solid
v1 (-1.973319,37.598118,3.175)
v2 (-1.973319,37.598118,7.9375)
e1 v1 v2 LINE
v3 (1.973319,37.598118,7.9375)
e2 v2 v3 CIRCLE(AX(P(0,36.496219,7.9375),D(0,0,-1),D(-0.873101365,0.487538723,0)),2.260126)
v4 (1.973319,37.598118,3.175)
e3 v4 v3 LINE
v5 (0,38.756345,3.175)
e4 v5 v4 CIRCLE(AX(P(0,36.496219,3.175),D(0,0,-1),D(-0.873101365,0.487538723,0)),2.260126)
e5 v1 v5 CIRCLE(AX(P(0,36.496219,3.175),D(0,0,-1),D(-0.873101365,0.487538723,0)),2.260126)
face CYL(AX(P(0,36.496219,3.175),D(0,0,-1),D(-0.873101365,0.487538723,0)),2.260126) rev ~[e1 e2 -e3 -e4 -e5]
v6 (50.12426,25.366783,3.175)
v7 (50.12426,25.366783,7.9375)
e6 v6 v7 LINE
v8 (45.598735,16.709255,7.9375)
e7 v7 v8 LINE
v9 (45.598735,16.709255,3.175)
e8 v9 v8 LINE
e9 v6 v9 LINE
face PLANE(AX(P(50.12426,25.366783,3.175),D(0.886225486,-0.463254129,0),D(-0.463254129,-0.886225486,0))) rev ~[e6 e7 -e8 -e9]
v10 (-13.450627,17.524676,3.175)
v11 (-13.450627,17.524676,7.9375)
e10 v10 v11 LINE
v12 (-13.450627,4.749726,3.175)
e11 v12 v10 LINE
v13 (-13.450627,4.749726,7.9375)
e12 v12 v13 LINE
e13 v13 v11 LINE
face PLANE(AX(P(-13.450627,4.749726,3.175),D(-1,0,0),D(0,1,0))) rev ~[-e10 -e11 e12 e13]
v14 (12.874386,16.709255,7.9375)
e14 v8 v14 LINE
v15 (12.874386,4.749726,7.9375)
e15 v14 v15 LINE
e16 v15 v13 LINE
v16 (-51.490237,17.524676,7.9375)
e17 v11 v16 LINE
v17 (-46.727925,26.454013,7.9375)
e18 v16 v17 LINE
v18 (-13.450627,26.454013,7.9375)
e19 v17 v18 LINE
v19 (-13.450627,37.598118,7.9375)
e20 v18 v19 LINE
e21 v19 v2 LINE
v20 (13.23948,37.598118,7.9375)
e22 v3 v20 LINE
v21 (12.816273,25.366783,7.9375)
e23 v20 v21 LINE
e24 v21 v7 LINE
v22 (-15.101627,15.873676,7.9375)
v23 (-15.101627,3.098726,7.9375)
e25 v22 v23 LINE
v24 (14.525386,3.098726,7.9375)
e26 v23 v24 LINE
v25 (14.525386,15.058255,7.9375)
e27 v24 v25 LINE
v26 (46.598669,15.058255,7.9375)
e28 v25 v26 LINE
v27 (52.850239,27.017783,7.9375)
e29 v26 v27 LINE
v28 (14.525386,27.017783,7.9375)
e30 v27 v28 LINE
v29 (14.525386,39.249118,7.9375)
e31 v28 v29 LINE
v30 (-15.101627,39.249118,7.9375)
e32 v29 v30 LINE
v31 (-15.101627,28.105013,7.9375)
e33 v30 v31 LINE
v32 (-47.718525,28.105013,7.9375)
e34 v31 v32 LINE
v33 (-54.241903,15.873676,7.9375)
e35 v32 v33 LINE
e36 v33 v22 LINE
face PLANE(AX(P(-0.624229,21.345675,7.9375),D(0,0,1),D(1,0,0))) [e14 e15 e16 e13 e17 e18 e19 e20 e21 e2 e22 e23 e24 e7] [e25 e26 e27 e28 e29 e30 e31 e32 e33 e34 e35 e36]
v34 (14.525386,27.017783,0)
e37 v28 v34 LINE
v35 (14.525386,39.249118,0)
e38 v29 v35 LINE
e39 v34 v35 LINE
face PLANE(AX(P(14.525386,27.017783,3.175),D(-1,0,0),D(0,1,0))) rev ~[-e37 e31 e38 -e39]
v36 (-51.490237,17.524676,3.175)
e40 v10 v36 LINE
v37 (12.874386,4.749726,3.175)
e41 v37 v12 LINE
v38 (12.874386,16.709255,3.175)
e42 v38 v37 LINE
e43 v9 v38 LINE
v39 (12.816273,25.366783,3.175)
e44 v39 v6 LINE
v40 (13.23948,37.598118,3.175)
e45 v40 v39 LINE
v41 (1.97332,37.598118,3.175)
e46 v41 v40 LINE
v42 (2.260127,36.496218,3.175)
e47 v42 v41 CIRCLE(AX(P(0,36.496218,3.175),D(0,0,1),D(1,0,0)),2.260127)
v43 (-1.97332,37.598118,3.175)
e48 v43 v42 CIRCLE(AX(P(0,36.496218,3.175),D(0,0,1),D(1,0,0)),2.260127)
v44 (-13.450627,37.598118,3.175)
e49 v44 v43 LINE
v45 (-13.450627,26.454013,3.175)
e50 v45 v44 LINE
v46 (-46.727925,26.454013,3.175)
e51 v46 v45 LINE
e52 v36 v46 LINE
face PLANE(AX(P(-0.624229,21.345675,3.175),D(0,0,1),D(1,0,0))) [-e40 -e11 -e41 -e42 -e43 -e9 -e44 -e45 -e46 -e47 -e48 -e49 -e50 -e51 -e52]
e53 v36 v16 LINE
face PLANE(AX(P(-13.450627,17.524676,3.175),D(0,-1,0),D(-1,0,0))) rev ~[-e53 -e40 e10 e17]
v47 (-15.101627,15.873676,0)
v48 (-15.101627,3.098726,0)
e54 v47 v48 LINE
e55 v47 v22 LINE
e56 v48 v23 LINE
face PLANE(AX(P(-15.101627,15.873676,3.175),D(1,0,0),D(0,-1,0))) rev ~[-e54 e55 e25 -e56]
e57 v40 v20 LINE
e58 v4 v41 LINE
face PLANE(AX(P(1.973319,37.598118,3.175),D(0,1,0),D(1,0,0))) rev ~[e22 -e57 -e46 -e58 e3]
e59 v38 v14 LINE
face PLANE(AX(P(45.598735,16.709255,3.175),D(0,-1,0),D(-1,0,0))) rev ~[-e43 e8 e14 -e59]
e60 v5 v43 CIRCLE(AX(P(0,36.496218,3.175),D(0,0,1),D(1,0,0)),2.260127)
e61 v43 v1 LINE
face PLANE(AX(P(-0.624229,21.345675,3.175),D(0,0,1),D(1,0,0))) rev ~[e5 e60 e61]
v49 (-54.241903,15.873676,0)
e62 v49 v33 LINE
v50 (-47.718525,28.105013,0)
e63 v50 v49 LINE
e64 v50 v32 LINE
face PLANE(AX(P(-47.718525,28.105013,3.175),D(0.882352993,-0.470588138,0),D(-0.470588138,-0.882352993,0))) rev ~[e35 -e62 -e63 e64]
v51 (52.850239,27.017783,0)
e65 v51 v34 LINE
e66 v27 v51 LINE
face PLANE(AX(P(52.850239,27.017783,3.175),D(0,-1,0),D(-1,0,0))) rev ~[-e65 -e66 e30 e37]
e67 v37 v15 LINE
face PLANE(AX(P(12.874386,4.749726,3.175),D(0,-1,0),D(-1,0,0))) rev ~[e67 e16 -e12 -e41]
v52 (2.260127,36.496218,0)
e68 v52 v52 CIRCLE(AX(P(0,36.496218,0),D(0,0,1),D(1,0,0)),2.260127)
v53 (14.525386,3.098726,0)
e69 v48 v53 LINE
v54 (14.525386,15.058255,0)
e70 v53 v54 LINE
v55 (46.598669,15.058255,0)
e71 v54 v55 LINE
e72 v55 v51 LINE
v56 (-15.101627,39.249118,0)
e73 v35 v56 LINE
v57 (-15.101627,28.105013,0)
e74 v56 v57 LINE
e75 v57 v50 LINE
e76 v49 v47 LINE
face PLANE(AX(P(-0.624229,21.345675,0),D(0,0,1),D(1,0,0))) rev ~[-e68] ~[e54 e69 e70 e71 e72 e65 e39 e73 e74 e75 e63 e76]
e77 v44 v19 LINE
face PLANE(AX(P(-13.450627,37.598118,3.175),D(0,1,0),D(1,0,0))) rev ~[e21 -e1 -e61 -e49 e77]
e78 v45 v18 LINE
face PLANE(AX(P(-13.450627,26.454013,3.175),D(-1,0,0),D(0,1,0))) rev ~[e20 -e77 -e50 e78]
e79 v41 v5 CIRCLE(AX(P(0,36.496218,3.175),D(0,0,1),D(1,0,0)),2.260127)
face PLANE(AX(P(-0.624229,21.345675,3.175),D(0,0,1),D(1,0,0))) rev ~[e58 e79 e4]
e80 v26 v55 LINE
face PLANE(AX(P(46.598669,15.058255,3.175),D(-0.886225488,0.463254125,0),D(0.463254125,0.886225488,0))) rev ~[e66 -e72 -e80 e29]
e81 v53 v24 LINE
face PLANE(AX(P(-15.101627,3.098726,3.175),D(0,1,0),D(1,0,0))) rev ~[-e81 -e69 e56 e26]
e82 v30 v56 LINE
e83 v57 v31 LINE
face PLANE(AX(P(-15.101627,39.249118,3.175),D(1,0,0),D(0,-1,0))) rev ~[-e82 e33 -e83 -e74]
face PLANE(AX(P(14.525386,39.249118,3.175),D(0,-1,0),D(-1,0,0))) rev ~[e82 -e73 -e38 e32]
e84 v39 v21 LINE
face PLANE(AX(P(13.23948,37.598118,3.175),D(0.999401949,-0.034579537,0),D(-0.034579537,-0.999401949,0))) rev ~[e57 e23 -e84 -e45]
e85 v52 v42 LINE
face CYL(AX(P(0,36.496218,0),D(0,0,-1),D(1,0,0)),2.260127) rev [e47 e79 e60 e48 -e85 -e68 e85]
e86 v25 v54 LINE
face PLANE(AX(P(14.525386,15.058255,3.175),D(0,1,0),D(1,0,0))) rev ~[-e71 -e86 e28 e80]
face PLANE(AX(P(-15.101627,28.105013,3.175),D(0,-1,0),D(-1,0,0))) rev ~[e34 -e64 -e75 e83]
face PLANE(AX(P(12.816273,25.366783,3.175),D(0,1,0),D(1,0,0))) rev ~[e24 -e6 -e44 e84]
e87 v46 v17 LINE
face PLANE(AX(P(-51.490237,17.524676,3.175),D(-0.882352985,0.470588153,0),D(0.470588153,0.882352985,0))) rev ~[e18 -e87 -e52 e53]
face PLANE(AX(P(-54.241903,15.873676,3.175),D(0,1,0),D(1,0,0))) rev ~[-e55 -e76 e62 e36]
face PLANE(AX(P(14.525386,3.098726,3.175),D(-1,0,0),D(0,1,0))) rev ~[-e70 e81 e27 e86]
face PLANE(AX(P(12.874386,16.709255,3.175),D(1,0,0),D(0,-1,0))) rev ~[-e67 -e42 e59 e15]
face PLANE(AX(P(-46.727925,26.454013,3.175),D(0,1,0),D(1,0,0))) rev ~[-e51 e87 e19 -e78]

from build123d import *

# Parameters (mm, degrees)
F0_R     = 2.260127
F1_DEPTH = 3.175
F3_DEPTH = 4.7625


with BuildPart() as f1:
    # F0 (on Top) → F1 (new body)
    with BuildSketch(Plane.XY):
        Polygon((14.525386, 39.249118), (-15.101627, 39.249118), (-15.101627, 28.105013), (-47.718525, 28.105013), (-54.241903, 15.873676), (-15.101627, 15.873676), (-15.101627, 3.098726), (14.525386, 3.098726), (14.525386, 15.058255), (46.598669, 15.058255), (52.850239, 27.017783), (14.525386, 27.017783), align=None)
        with Locations((0, 36.496218)):
            Circle(F0_R, mode=Mode.SUBTRACT)
    extrude(amount=F1_DEPTH)

    # F2 (on face) → F3 (join)
    with BuildSketch(Plane.XY.offset(3.175)):
        Polygon((-15.101627, 39.249118), (-15.101627, 28.105013), (-47.718525, 28.105013), (-54.241903, 15.873676), (-15.101627, 15.873676), (-15.101627, 3.098726), (14.525386, 3.098726), (14.525386, 15.058255), (46.598669, 15.058255), (52.850239, 27.017783), (14.525386, 27.017783), (14.525386, 39.249118), align=None)
        with BuildLine():
            Line((-46.727925, 26.454013), (-13.450627, 26.454013))
            Line((-13.450627, 26.454013), (-13.450627, 37.598118))
            Line((-13.450627, 37.598118), (-1.973319, 37.598118))
            ThreePointArc((-1.973319, 37.598118), (0, 38.756345), (1.973319, 37.598118))
            Line((1.973319, 37.598118), (13.23948, 37.598118))
            Line((13.23948, 37.598118), (12.816273, 25.366783))
            Line((12.816273, 25.366783), (50.12426, 25.366783))
            Line((50.12426, 25.366783), (45.598735, 16.709255))
            Line((45.598735, 16.709255), (12.874386, 16.709255))
            Line((12.874386, 16.709255), (12.874386, 4.749726))
            Line((12.874386, 4.749726), (-13.450627, 4.749726))
            Line((-13.450627, 4.749726), (-13.450627, 17.524676))
            Line((-13.450627, 17.524676), (-51.490237, 17.524676))
            Line((-51.490237, 17.524676), (-46.727925, 26.454013))
        make_face(mode=Mode.SUBTRACT)
    extrude(amount=F3_DEPTH)


solid = f1.part
